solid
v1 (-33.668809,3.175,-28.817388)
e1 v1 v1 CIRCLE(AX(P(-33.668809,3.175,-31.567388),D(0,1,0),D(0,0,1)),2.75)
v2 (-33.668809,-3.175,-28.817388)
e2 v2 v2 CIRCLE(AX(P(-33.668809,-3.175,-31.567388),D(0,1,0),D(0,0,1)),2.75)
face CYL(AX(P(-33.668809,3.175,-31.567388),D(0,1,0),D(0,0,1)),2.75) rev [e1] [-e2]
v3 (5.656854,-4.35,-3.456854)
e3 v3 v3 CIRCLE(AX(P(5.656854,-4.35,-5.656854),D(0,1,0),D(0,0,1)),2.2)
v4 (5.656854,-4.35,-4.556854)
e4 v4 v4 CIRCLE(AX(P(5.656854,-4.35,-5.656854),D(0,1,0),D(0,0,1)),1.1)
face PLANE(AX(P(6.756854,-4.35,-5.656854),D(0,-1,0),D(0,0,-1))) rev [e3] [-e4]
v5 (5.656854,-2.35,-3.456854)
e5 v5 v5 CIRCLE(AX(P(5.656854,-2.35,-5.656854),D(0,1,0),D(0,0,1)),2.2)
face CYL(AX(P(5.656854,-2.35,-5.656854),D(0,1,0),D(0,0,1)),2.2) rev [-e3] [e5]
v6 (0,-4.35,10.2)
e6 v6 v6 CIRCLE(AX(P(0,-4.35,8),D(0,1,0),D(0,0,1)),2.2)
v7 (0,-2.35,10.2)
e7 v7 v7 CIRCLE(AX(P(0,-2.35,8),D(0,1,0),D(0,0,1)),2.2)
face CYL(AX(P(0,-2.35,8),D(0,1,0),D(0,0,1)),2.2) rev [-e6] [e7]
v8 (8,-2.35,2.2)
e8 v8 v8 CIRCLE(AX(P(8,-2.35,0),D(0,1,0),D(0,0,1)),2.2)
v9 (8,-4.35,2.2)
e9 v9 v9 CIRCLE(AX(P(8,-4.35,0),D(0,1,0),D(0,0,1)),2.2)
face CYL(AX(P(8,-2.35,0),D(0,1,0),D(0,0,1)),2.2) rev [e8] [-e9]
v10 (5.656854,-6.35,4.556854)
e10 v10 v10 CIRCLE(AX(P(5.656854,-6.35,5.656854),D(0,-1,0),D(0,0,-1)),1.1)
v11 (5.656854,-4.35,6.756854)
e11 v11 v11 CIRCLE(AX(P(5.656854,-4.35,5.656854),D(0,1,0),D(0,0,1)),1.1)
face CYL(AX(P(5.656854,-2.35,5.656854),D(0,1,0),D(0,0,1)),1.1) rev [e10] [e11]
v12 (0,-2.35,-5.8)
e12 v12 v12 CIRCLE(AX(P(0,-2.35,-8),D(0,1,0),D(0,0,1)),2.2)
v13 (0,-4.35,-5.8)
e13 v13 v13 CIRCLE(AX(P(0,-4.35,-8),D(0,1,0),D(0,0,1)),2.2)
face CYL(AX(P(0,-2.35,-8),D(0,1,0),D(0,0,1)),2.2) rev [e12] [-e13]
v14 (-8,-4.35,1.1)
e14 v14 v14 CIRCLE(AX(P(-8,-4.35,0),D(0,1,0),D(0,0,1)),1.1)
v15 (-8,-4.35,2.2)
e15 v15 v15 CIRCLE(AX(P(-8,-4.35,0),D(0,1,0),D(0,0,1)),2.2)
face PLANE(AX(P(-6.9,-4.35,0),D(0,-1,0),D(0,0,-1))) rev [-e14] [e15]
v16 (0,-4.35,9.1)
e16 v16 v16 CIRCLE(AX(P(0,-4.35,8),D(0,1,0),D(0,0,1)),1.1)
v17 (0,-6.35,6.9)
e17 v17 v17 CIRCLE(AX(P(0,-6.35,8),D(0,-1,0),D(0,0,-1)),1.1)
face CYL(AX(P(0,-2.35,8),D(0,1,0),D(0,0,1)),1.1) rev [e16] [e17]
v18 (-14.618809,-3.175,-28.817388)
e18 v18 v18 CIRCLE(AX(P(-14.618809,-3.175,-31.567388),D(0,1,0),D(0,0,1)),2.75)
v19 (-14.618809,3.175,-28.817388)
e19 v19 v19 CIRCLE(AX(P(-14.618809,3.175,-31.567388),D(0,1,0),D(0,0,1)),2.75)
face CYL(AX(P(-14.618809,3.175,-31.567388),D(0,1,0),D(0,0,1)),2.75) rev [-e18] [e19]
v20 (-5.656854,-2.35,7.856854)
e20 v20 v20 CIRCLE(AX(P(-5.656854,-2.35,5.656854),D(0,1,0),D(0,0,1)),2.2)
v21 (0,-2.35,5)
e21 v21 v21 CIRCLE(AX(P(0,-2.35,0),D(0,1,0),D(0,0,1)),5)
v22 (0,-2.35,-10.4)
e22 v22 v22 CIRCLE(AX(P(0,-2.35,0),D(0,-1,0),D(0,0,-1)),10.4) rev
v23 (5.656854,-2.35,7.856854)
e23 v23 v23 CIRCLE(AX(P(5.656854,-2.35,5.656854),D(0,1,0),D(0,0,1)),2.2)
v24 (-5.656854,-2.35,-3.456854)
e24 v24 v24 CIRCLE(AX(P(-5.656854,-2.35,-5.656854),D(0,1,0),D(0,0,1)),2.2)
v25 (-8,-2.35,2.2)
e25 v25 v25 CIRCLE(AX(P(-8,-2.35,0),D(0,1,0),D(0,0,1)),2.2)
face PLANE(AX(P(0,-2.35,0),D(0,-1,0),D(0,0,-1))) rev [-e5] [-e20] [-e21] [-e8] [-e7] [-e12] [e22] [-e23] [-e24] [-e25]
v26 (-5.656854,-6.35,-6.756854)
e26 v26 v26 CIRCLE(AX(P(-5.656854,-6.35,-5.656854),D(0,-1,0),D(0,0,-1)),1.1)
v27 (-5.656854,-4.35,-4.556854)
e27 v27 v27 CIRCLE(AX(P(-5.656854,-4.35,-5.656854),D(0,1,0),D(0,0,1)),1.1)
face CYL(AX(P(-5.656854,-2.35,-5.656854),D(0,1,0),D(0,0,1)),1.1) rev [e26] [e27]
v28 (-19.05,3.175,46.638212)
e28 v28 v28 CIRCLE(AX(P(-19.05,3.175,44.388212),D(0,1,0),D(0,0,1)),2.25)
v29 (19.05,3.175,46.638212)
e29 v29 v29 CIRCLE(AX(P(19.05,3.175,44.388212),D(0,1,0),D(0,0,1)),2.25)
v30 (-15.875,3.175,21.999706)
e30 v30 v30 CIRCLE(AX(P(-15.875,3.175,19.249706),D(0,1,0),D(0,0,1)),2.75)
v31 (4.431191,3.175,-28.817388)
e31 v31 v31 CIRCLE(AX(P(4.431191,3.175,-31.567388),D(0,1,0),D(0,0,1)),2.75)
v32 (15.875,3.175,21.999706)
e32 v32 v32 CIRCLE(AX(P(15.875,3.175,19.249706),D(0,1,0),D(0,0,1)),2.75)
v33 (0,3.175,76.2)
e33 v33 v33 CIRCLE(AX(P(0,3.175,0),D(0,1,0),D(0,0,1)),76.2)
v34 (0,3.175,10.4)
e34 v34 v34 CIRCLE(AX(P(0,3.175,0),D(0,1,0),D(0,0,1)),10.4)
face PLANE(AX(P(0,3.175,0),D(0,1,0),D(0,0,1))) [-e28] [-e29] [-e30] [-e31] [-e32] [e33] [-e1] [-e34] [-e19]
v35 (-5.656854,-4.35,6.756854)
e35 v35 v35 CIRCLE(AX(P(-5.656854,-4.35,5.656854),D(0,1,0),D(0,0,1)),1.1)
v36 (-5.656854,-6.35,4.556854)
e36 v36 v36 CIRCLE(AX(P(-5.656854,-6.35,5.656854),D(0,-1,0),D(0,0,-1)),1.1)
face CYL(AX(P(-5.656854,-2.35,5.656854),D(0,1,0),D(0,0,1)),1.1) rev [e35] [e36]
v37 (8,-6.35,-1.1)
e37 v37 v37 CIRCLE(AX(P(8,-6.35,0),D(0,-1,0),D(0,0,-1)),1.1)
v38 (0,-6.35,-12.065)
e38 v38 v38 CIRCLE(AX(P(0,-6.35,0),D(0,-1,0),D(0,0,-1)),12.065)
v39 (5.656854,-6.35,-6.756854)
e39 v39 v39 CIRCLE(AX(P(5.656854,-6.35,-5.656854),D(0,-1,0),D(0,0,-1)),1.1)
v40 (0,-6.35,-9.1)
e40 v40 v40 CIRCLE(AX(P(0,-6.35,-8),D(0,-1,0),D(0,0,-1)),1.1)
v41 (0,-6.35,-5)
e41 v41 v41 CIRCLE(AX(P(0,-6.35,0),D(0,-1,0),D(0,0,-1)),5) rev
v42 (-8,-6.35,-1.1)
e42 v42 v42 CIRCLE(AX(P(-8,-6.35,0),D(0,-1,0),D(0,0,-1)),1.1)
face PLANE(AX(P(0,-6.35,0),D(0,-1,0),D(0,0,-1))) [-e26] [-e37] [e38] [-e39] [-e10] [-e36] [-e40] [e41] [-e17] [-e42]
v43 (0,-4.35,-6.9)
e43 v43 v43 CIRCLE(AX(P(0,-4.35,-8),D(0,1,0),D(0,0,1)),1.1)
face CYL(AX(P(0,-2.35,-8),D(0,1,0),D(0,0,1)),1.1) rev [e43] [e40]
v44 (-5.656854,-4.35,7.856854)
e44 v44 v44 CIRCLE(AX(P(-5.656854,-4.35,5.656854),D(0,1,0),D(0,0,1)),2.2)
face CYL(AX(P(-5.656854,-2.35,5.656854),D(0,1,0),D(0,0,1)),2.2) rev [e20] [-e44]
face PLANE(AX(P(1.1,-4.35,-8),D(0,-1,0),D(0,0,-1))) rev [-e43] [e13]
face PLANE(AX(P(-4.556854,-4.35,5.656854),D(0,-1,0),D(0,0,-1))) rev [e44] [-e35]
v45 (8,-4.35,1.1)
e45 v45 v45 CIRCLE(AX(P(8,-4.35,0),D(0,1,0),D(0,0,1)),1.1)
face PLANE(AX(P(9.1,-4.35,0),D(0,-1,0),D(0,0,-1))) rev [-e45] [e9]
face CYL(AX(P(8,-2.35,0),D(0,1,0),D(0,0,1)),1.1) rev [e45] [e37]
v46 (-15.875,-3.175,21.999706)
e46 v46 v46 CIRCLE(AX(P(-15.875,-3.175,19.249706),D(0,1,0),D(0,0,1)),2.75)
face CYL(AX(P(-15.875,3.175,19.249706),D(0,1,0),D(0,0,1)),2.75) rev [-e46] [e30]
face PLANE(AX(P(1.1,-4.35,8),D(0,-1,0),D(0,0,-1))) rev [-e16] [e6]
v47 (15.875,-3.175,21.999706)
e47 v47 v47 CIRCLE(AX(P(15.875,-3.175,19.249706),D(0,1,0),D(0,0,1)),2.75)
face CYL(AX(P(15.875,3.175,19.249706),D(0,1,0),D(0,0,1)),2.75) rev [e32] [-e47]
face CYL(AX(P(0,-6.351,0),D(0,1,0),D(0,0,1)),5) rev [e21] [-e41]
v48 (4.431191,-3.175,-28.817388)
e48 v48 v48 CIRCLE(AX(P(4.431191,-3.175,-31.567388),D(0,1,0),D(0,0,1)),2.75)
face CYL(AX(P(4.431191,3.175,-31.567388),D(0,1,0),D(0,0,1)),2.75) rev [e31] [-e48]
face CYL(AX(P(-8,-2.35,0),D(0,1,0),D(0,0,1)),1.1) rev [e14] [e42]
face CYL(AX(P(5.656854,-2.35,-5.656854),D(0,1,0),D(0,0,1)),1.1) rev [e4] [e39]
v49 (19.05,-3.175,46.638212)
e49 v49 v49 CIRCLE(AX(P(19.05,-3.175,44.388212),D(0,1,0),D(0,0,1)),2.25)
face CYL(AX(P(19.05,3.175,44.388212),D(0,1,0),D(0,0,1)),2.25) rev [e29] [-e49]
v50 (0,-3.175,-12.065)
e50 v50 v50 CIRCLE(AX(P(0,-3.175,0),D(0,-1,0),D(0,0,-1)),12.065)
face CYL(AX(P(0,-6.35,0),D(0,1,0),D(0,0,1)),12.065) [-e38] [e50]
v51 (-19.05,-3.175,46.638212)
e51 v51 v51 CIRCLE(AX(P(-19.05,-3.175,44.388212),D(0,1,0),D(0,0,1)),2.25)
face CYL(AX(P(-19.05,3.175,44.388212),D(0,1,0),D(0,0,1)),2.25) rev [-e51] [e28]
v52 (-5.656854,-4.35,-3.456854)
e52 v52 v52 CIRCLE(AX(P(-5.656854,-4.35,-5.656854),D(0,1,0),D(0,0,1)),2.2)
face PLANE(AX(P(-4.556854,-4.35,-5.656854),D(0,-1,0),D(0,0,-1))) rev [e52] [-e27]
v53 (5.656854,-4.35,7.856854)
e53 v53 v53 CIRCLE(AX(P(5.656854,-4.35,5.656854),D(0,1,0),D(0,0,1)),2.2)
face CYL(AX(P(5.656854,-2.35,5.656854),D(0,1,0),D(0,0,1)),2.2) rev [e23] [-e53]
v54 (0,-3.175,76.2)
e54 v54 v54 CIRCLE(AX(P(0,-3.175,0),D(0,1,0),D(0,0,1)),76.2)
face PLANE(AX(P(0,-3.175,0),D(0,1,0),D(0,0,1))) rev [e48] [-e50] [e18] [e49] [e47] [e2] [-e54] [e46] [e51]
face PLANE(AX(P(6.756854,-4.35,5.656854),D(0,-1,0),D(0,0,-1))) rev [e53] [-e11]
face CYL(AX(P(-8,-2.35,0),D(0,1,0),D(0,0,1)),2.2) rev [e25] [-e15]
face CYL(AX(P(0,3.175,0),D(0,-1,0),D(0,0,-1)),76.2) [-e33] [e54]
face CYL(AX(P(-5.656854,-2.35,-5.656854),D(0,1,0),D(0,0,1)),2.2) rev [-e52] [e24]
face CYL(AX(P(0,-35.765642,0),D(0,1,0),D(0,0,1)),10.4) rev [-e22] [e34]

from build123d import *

# Parameters (mm, degrees)
SKETCH1_R                      = 76.2
BOSS_EXTRUDE1_DEPTH            = 3.175
SKETCH2_R                      = 12.065
BOSS_EXTRUDE2_DEPTH            = 3.175
SKETCH5_R                      = 10.4
CUT_EXTRUDE1_DEPTH             = 5.525
SKETCH6_R                      = 5
CUT_EXTRUDE2_DEPTH             = 4
CBORE_FOR_M2_SHCS1_D           = 2.2
CBORE_FOR_M2_SHCS1_DEPTH       = 6
CBORE_FOR_M2_SHCS1_CBORE_D     = 4.4
CBORE_FOR_M2_SHCS1_CBORE_DEPTH = 2
CBORE_FOR_M2_SHCS1_TIP         = 0.660946681
M4_CLEARANCE_HOLE1_D           = 4.5
M5_CLEARANCE_HOLE1_D           = 5.5


with BuildPart() as part:
    # Sketch1 → Boss-Extrude1 (new, symmetric)
    with BuildSketch(Plane(origin=(0, 0, 0), x_dir=(1, 0, 0), z_dir=(0, 1, 0))):
        with Locations(Location((0, 0, 0), (0, 0, 270))):
            Circle(SKETCH1_R)
    extrude(amount=BOSS_EXTRUDE1_DEPTH, both=True)

    # Sketch2 → Boss-Extrude2 (add)
    with BuildSketch(Plane.XZ.offset(3.175)):
        with Locations(Location((0, 0, 0), (0, 0, 270))):
            Circle(SKETCH2_R)
    extrude(amount=BOSS_EXTRUDE2_DEPTH)

    # Sketch5 → Cut-Extrude1 (cut)
    with BuildSketch(Plane(origin=(0, 3.175, 0), x_dir=(1, 0, 0), z_dir=(0, 1, 0))):
        with Locations(Location((0, 0, 0), (0, 0, 270))):
            Circle(SKETCH5_R)
    extrude(amount=-CUT_EXTRUDE1_DEPTH, mode=Mode.SUBTRACT)

    # Sketch6 → Cut-Extrude2 (cut)
    with BuildSketch(Plane(origin=(0, -2.35, 0), x_dir=(1, 0, 0), z_dir=(0, 1, 0))):
        with Locations(Location((0, 0, 0), (0, 0, 270))):
            Circle(SKETCH6_R)
    extrude(amount=-CUT_EXTRUDE2_DEPTH, mode=Mode.SUBTRACT)

    # CBORE for M2 SHCS1
    with Locations(Plane(origin=(0, -2.35, 0), x_dir=(1, 0, 0), z_dir=(0, 1, 0))):
        with Locations((-5.65685425, 5.65685425), (0, 8), (5.65685425, 5.65685425), (8, 0), (5.65685425, -5.65685425), (0, -8), (-5.65685425, -5.65685425), (-8, 0)):
            CounterBoreHole(CBORE_FOR_M2_SHCS1_D / 2, CBORE_FOR_M2_SHCS1_CBORE_D / 2, CBORE_FOR_M2_SHCS1_CBORE_DEPTH, depth=CBORE_FOR_M2_SHCS1_DEPTH)
            with Locations((0, 0, -(CBORE_FOR_M2_SHCS1_DEPTH + CBORE_FOR_M2_SHCS1_TIP / 2))):  # 118° drill point
                Cone(0, CBORE_FOR_M2_SHCS1_D / 2, CBORE_FOR_M2_SHCS1_TIP, mode=Mode.SUBTRACT)

    # M4 Clearance Hole1 (through all)
    with Locations(Plane(origin=(0, 3.175, 0), x_dir=(1, 0, 0), z_dir=(0, 1, 0))):
        with Locations((19.05, -44.388212048), (-19.05, -44.388212048)):
            Hole(M4_CLEARANCE_HOLE1_D / 2)

    # M5 Clearance Hole1 (through all)
    with Locations(Plane(origin=(0, 3.175, 0), x_dir=(1, 0, 0), z_dir=(0, 1, 0))):
        with Locations((-33.6688086, 31.567387952), (-14.6188086, 31.567387952), (4.4311914, 31.567387952), (-15.875, -19.249706448), (15.875, -19.249706448)):
            Hole(M5_CLEARANCE_HOLE1_D / 2)


solid = part.part
